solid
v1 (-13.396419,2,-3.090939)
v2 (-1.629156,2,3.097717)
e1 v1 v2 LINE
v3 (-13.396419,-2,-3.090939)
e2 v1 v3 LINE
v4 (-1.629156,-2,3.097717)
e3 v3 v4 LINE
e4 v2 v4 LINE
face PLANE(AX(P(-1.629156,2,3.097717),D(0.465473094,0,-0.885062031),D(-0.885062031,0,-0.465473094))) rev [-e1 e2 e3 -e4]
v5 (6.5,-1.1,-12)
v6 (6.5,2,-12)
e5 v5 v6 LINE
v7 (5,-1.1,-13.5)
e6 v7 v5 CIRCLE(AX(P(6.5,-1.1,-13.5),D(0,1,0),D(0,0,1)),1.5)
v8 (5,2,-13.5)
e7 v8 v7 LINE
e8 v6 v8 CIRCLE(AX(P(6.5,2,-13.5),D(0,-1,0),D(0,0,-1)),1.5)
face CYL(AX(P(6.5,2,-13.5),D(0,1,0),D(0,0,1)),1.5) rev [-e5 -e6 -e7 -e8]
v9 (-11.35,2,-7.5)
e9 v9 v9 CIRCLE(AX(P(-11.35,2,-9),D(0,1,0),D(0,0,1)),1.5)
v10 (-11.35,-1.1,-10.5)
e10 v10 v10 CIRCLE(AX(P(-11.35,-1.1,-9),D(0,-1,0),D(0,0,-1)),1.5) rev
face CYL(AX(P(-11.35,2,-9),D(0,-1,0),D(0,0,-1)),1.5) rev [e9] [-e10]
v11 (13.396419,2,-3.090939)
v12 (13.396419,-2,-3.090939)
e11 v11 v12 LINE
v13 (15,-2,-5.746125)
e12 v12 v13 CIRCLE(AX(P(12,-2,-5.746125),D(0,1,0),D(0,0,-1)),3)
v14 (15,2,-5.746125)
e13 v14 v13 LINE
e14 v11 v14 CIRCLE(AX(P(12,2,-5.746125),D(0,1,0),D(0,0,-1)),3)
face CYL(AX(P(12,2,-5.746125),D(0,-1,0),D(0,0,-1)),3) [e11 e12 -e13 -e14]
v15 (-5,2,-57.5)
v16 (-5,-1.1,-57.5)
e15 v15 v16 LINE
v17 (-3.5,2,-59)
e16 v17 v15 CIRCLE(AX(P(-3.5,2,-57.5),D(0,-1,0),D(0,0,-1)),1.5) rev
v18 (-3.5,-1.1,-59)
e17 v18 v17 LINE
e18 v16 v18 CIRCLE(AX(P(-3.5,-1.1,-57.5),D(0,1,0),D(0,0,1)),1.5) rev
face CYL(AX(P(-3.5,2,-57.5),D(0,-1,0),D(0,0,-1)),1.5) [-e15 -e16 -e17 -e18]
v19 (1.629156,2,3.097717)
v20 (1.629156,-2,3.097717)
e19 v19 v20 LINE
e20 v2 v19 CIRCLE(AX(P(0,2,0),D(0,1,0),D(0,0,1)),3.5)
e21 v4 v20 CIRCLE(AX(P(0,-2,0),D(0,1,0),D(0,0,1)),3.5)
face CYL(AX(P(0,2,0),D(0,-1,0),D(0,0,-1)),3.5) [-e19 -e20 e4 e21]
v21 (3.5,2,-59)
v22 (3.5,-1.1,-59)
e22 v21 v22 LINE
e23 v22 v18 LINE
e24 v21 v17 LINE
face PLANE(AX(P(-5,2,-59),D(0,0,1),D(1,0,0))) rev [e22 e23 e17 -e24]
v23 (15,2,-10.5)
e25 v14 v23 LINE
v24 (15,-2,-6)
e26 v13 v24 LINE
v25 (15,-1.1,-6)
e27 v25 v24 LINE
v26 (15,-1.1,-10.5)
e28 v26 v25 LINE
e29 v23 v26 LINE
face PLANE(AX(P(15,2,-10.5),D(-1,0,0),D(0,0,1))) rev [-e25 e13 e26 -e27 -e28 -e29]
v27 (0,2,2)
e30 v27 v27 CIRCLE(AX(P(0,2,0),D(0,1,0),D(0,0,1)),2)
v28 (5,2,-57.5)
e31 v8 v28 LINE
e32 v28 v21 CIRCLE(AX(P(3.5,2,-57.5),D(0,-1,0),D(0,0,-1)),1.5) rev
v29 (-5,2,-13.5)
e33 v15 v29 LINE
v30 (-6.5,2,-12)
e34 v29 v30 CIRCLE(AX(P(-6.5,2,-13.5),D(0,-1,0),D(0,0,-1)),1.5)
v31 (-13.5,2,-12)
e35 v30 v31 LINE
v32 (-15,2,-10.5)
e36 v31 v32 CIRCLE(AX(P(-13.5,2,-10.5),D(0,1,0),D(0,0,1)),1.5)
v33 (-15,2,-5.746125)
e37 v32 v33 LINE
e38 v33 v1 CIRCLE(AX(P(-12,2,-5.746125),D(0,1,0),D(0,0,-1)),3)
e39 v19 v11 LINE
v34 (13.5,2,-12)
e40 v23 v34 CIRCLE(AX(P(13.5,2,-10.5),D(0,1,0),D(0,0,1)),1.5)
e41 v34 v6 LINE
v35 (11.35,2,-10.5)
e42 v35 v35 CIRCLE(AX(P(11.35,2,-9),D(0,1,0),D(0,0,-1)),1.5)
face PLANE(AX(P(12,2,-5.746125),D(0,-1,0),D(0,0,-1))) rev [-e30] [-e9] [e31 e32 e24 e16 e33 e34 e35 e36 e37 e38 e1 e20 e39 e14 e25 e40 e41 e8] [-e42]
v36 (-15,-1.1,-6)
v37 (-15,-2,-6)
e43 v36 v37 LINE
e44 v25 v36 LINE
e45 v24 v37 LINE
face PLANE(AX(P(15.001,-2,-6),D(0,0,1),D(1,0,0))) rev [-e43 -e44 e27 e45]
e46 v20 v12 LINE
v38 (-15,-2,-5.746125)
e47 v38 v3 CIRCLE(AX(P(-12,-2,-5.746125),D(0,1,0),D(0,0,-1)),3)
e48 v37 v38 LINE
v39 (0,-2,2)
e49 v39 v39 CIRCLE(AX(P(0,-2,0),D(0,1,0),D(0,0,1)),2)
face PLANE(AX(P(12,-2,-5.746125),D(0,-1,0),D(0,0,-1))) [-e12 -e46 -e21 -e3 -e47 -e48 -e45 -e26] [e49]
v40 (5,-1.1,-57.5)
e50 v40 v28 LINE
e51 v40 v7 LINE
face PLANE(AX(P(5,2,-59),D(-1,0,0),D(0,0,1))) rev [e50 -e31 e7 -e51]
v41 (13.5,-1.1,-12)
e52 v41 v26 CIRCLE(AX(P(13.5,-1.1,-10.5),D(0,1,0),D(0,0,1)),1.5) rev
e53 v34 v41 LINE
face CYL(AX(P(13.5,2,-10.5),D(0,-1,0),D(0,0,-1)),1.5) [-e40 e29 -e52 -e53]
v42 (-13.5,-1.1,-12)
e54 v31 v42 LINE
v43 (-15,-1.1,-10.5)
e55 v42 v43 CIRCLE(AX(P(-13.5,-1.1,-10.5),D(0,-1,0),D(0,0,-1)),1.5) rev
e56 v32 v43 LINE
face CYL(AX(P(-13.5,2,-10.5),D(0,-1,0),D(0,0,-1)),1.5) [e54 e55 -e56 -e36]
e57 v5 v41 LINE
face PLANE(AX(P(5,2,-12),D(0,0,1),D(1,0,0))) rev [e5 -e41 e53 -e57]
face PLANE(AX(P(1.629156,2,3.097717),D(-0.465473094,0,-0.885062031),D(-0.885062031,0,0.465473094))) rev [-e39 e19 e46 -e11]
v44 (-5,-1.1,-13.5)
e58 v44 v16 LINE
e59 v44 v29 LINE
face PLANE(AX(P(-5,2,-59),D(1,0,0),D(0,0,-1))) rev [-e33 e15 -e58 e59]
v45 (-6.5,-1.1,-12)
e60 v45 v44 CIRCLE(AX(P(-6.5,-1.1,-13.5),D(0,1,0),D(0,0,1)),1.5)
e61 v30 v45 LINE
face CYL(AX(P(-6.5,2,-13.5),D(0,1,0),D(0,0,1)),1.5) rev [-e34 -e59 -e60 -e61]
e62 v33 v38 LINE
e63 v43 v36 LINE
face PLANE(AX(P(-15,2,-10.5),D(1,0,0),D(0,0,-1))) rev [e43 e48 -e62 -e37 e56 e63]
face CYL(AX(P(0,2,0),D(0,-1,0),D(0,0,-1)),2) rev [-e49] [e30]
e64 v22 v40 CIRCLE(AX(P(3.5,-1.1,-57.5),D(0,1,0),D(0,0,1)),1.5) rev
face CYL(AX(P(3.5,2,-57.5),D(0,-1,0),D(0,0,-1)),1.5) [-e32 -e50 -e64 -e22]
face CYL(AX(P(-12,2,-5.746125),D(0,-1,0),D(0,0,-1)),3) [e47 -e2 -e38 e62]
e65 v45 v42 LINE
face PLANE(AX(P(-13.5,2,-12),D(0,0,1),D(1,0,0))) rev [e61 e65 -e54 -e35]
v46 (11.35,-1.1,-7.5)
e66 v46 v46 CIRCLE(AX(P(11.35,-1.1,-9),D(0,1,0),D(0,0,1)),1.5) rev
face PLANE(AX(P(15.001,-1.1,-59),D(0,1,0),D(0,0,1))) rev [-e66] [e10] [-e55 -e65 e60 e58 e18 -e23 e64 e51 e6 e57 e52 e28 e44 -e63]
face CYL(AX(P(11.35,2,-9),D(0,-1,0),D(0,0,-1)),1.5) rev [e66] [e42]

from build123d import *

# Parameters (mm, degrees)
ESBO_O1_R                         = 2
ESBO_O1_R_2                       = 1.5
RESSALTO_EXTRUS_O1_DEPTH          = 2
CORTE_EXTRUS_O4_REACH             = 64.33
ESBO_O4_W                         = 53
ESBO_O4_H                         = 0.9
CORTE_EXTRUS_O4_DIRECTION_2_REACH = 64.33
FILETE2_R                         = 1.5


with BuildPart() as part:
    # Esboço1 → Ressalto-extrusão1 (new, symmetric)
    with BuildSketch(Plane(origin=(0, 0, 0), x_dir=(1, 0, 0), z_dir=(0, 1, 0))):
        with BuildLine():
            Line((-13.5, 12), (-5, 12))
            Line((-5, 12), (-5, 59))
            Line((-5, 59), (5, 59))
            Line((5, 59), (5, 12))
            Line((5, 12), (13.5, 12))
            ThreePointArc((13.5, 12), (14.560660172, 11.560660172), (15, 10.5))
            Line((15, 10.5), (15, 5.746125079))
            ThreePointArc((15, 5.746125079), (14.568000959, 4.195199202), (13.396419283, 3.090938987))
            Line((13.396419283, 3.090938987), (1.62915583, -3.097717108))
            ThreePointArc((1.62915583, -3.097717108), (0, -3.5), (-1.62915583, -3.097717108))
            Line((-1.62915583, -3.097717108), (-13.396419283, 3.090938987))
            ThreePointArc((-13.396419283, 3.090938987), (-14.568000959, 4.195199202), (-15, 5.746125079))
            Line((-15, 5.746125079), (-15, 10.5))
            ThreePointArc((-15, 10.5), (-14.560660172, 11.560660172), (-13.5, 12))
        make_face()
        with Locations(Location((0, 0, 0), (0, 0, 270))):
            Circle(ESBO_O1_R, mode=Mode.SUBTRACT)
        with Locations(Location((-11.35, 9, 0), (0, 0, 270))):
            Circle(ESBO_O1_R_2, mode=Mode.SUBTRACT)
        with Locations(Location((11.35, 9, 0), (0, 0, 90))):
            Circle(ESBO_O1_R_2, mode=Mode.SUBTRACT)
    extrude(amount=RESSALTO_EXTRUS_O1_DEPTH, both=True)

    # Esboço4 → Corte-extrusão4 (cut, up to next)
    with BuildSketch(Plane.ZY.offset(5), mode=Mode.PRIVATE) as corte_extrus_o4_sk1:
        with Locations((-32.5, -1.55)):
            Rectangle(ESBO_O4_W, ESBO_O4_H)
    corte_extrus_o4_tool1 = extrude(corte_extrus_o4_sk1.sketch, amount=CORTE_EXTRUS_O4_REACH, mode=Mode.PRIVATE) & part.part
    add(corte_extrus_o4_tool1.solids().sort_by_distance((-5, -1.55, -32.5))[0], mode=Mode.SUBTRACT)

    # Esboço4 → Corte-extrusão4 direction 2 (cut, up to next)
    with BuildSketch(Plane.ZY.offset(5), mode=Mode.PRIVATE) as corte_extrus_o4_direction_2_sk1:
        with Locations((-32.5, -1.55)):
            Rectangle(ESBO_O4_W, ESBO_O4_H)
    corte_extrus_o4_direction_2_tool1 = extrude(corte_extrus_o4_direction_2_sk1.sketch, amount=-CORTE_EXTRUS_O4_DIRECTION_2_REACH, mode=Mode.PRIVATE) & part.part
    add(corte_extrus_o4_direction_2_tool1.solids().sort_by_distance((-5, -1.55, -32.5))[0], mode=Mode.SUBTRACT)

    # Filete2
    filete2_edges = [part.edges().sort_by_distance(p)[0] for p in [
        (-5, 0.45, -12),
        (-5, 0.45, -59),
        (5, 0.45, -59),
        (5, 0.45, -12),
    ]]
    fillet(filete2_edges, radius=FILETE2_R)


solid = part.part
